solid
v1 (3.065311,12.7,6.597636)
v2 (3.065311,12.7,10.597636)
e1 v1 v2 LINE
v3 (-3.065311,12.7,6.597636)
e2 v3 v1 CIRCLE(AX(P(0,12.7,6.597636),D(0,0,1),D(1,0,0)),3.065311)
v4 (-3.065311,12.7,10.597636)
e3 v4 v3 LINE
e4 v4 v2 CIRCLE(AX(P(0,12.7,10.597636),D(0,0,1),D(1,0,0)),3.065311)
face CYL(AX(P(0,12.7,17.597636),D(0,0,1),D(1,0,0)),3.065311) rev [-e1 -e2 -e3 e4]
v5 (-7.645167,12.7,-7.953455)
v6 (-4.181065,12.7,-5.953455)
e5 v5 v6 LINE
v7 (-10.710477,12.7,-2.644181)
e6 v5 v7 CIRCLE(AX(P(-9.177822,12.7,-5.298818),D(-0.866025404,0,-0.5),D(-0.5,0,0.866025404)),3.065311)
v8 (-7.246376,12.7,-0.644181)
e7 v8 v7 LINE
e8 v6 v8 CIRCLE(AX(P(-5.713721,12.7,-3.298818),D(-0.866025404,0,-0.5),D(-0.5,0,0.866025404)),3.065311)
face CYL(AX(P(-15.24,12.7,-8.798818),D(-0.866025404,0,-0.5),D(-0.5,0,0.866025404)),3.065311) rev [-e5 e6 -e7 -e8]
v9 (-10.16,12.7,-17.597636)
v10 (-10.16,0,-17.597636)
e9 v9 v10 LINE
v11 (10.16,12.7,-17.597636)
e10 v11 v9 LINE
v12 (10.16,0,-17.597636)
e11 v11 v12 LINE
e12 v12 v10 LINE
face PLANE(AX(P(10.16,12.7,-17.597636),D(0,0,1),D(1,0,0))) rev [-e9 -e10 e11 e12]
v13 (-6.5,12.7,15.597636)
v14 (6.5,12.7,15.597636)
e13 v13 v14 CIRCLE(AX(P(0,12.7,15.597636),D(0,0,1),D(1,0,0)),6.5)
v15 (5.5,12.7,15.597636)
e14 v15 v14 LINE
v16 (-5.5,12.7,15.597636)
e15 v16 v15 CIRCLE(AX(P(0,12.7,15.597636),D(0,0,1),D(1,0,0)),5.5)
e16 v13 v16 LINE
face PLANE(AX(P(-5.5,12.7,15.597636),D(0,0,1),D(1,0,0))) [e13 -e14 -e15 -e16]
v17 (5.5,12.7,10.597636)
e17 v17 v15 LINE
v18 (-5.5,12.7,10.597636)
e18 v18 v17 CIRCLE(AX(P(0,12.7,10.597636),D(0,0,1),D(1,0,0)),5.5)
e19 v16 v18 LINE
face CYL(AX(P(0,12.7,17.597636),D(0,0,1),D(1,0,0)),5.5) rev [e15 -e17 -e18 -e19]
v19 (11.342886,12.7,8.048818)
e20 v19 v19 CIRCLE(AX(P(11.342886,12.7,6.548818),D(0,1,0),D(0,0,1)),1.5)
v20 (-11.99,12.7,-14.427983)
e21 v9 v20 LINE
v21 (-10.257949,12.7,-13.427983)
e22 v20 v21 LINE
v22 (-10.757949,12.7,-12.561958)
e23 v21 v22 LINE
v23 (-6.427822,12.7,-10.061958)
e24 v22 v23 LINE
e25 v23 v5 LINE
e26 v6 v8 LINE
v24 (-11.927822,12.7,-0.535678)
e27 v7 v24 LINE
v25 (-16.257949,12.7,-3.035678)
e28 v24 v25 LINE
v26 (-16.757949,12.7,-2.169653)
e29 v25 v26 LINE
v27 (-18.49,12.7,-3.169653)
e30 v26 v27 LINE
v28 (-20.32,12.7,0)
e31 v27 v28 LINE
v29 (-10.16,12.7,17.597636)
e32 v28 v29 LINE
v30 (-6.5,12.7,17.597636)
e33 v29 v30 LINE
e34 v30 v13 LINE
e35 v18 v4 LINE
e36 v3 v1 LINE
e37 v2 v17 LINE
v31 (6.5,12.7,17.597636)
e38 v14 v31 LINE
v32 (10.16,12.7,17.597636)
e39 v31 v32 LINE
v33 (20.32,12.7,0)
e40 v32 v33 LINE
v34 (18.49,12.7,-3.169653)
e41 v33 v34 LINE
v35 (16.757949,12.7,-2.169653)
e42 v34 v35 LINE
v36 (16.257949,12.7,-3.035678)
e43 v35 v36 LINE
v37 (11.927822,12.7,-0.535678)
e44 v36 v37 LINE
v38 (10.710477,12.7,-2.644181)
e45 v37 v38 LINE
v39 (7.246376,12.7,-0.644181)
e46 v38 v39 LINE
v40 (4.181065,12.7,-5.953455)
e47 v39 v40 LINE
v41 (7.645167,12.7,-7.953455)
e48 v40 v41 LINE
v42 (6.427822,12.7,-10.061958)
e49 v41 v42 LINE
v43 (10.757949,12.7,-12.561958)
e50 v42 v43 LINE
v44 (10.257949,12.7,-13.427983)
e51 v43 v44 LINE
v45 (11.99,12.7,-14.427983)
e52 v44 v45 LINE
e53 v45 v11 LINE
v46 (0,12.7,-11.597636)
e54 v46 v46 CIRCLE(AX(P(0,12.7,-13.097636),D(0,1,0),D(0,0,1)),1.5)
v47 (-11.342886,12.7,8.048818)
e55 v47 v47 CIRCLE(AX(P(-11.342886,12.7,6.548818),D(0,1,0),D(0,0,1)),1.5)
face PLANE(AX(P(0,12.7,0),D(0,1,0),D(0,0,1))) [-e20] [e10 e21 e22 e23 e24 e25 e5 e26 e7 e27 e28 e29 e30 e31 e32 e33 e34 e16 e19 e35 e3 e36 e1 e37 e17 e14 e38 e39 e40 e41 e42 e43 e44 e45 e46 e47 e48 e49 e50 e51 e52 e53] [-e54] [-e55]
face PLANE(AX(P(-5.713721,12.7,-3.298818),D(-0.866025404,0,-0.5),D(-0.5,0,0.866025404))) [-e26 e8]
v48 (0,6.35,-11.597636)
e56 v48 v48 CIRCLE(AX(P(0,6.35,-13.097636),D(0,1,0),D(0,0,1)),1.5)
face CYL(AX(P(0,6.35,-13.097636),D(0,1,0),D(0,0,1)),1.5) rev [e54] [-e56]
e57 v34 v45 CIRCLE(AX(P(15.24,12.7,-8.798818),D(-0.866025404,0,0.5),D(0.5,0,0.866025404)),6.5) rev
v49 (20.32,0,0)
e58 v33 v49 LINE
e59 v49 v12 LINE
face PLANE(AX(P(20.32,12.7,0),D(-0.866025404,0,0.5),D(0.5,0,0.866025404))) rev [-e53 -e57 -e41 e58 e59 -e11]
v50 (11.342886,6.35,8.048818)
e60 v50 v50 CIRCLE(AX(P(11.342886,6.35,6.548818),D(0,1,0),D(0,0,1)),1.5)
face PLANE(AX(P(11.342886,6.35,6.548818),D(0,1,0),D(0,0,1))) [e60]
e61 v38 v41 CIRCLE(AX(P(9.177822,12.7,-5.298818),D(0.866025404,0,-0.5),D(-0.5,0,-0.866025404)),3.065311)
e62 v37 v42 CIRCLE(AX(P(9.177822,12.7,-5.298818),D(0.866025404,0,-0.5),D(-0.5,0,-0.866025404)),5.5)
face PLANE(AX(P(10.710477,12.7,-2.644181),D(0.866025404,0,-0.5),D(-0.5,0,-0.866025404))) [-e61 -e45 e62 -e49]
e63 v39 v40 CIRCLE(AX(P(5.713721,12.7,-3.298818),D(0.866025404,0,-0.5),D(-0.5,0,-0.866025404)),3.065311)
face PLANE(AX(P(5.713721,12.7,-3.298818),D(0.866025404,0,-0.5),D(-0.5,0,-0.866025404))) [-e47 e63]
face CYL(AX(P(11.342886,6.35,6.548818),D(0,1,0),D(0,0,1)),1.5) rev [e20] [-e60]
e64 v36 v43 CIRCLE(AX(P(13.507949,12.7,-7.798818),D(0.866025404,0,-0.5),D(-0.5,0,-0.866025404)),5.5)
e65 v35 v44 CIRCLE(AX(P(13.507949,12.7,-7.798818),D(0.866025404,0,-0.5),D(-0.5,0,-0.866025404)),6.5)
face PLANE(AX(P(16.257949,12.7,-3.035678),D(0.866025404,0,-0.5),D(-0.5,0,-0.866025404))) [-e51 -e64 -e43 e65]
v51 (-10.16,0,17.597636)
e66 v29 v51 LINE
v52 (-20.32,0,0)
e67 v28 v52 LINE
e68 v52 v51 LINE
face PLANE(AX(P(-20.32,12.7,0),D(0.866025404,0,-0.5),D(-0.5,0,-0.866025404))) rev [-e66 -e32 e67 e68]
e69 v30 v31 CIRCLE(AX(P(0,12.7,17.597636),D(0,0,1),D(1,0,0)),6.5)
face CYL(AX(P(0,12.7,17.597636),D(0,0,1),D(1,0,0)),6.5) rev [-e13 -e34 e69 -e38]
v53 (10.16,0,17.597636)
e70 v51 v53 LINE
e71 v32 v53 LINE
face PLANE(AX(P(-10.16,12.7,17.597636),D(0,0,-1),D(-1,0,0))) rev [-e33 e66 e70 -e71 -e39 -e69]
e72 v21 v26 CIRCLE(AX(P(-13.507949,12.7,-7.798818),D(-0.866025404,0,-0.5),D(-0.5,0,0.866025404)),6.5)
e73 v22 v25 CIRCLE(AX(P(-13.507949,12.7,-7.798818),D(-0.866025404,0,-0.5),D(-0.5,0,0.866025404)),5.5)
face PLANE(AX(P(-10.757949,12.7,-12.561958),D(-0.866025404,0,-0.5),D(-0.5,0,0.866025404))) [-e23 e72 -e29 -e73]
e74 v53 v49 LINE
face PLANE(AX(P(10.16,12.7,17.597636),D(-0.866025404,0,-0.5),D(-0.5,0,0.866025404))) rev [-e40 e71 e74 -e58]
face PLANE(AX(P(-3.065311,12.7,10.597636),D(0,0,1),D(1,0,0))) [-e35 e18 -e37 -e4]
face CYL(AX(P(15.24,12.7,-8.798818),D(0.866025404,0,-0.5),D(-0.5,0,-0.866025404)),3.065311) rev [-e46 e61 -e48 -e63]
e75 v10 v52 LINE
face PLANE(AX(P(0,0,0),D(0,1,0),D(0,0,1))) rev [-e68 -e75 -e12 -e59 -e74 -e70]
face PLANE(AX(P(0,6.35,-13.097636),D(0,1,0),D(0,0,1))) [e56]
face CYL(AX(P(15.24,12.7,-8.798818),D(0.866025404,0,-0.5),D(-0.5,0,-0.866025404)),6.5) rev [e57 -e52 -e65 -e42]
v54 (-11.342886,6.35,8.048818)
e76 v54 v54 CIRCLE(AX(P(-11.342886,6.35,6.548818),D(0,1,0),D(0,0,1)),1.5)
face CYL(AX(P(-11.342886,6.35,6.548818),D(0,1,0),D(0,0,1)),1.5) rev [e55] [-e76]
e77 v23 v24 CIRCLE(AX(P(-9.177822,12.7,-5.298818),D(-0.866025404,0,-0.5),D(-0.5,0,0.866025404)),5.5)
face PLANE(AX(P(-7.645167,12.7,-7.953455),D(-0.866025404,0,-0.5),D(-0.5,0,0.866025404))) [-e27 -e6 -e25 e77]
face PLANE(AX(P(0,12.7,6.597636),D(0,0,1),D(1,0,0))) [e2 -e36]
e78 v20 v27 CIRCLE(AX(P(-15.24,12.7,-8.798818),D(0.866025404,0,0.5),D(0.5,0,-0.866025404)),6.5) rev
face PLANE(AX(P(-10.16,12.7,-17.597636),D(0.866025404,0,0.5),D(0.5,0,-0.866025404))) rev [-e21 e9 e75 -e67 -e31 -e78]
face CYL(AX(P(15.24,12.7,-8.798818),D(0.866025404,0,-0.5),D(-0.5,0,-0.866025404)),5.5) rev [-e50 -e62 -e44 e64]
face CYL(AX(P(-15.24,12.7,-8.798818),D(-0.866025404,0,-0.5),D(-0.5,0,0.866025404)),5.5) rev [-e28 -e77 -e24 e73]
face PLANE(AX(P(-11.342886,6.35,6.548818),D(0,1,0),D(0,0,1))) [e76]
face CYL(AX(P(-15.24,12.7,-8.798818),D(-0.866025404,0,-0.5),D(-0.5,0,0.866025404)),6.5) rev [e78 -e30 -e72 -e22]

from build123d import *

# Parameters (mm, degrees)
BOSS_EXTRUDE1_DEPTH = 12.7
CIRPATTERN1_COUNT   = 3
SKETCH7_R           = 1.5
CUT_EXTRUDE2_DEPTH  = 6.35


with BuildPart() as part:
    # Sketch1 → Boss-Extrude1 (new body)
    with BuildSketch(Plane(origin=(0, 0, 0), x_dir=(1, 0, 0), z_dir=(0, 1, 0))):
        Polygon((10.16, -17.597636205), (20.32, 0), (10.16, 17.597636205), (-10.16, 17.597636205), (-20.32, 0), (-10.16, -17.597636205), align=None)
    extrude(amount=BOSS_EXTRUDE1_DEPTH)

    # Sketch5 → Cut-Revolve1 (revolve, cut)
    with BuildSketch(Plane(origin=(0, 12.7, 0), x_dir=(1, 0, 0), z_dir=(0, 1, 0))):
        Polygon((0, -17.597636205), (0, -6.597636205), (-3.065310501, -6.597636205), (-3.065310501, -10.597636205), (-5.5, -10.597636205), (-5.5, -15.597636205), (-6.5, -15.597636205), (-6.5, -17.597636205), align=None)
    cut_revolve1 = revolve(axis=Axis((0, 12.7, 17.597636205), (0, 0, -1)), mode=Mode.SUBTRACT)

    # CirPattern1: Cut-Revolve1 ×3 about axis
    cirpattern1_axis = Axis((0, -0.635, 0), (0, 1, 0))
    for i in range(1, CIRPATTERN1_COUNT):
        add(cut_revolve1.rotate(cirpattern1_axis, i * 360 / CIRPATTERN1_COUNT), mode=Mode.SUBTRACT)

    # Sketch7 → Cut-Extrude2 (cut)
    with BuildSketch(Plane(origin=(0, 12.7, 0), x_dir=(1, 0, 0), z_dir=(0, 1, 0))):
        with Locations((0, 13.097636205)):
            Circle(SKETCH7_R)
        with Locations((11.342885683, -6.548818102)):
            Circle(SKETCH7_R)
        with Locations((-11.342885683, -6.548818102)):
            Circle(SKETCH7_R)
    extrude(amount=-CUT_EXTRUDE2_DEPTH, mode=Mode.SUBTRACT)


solid = part.part
